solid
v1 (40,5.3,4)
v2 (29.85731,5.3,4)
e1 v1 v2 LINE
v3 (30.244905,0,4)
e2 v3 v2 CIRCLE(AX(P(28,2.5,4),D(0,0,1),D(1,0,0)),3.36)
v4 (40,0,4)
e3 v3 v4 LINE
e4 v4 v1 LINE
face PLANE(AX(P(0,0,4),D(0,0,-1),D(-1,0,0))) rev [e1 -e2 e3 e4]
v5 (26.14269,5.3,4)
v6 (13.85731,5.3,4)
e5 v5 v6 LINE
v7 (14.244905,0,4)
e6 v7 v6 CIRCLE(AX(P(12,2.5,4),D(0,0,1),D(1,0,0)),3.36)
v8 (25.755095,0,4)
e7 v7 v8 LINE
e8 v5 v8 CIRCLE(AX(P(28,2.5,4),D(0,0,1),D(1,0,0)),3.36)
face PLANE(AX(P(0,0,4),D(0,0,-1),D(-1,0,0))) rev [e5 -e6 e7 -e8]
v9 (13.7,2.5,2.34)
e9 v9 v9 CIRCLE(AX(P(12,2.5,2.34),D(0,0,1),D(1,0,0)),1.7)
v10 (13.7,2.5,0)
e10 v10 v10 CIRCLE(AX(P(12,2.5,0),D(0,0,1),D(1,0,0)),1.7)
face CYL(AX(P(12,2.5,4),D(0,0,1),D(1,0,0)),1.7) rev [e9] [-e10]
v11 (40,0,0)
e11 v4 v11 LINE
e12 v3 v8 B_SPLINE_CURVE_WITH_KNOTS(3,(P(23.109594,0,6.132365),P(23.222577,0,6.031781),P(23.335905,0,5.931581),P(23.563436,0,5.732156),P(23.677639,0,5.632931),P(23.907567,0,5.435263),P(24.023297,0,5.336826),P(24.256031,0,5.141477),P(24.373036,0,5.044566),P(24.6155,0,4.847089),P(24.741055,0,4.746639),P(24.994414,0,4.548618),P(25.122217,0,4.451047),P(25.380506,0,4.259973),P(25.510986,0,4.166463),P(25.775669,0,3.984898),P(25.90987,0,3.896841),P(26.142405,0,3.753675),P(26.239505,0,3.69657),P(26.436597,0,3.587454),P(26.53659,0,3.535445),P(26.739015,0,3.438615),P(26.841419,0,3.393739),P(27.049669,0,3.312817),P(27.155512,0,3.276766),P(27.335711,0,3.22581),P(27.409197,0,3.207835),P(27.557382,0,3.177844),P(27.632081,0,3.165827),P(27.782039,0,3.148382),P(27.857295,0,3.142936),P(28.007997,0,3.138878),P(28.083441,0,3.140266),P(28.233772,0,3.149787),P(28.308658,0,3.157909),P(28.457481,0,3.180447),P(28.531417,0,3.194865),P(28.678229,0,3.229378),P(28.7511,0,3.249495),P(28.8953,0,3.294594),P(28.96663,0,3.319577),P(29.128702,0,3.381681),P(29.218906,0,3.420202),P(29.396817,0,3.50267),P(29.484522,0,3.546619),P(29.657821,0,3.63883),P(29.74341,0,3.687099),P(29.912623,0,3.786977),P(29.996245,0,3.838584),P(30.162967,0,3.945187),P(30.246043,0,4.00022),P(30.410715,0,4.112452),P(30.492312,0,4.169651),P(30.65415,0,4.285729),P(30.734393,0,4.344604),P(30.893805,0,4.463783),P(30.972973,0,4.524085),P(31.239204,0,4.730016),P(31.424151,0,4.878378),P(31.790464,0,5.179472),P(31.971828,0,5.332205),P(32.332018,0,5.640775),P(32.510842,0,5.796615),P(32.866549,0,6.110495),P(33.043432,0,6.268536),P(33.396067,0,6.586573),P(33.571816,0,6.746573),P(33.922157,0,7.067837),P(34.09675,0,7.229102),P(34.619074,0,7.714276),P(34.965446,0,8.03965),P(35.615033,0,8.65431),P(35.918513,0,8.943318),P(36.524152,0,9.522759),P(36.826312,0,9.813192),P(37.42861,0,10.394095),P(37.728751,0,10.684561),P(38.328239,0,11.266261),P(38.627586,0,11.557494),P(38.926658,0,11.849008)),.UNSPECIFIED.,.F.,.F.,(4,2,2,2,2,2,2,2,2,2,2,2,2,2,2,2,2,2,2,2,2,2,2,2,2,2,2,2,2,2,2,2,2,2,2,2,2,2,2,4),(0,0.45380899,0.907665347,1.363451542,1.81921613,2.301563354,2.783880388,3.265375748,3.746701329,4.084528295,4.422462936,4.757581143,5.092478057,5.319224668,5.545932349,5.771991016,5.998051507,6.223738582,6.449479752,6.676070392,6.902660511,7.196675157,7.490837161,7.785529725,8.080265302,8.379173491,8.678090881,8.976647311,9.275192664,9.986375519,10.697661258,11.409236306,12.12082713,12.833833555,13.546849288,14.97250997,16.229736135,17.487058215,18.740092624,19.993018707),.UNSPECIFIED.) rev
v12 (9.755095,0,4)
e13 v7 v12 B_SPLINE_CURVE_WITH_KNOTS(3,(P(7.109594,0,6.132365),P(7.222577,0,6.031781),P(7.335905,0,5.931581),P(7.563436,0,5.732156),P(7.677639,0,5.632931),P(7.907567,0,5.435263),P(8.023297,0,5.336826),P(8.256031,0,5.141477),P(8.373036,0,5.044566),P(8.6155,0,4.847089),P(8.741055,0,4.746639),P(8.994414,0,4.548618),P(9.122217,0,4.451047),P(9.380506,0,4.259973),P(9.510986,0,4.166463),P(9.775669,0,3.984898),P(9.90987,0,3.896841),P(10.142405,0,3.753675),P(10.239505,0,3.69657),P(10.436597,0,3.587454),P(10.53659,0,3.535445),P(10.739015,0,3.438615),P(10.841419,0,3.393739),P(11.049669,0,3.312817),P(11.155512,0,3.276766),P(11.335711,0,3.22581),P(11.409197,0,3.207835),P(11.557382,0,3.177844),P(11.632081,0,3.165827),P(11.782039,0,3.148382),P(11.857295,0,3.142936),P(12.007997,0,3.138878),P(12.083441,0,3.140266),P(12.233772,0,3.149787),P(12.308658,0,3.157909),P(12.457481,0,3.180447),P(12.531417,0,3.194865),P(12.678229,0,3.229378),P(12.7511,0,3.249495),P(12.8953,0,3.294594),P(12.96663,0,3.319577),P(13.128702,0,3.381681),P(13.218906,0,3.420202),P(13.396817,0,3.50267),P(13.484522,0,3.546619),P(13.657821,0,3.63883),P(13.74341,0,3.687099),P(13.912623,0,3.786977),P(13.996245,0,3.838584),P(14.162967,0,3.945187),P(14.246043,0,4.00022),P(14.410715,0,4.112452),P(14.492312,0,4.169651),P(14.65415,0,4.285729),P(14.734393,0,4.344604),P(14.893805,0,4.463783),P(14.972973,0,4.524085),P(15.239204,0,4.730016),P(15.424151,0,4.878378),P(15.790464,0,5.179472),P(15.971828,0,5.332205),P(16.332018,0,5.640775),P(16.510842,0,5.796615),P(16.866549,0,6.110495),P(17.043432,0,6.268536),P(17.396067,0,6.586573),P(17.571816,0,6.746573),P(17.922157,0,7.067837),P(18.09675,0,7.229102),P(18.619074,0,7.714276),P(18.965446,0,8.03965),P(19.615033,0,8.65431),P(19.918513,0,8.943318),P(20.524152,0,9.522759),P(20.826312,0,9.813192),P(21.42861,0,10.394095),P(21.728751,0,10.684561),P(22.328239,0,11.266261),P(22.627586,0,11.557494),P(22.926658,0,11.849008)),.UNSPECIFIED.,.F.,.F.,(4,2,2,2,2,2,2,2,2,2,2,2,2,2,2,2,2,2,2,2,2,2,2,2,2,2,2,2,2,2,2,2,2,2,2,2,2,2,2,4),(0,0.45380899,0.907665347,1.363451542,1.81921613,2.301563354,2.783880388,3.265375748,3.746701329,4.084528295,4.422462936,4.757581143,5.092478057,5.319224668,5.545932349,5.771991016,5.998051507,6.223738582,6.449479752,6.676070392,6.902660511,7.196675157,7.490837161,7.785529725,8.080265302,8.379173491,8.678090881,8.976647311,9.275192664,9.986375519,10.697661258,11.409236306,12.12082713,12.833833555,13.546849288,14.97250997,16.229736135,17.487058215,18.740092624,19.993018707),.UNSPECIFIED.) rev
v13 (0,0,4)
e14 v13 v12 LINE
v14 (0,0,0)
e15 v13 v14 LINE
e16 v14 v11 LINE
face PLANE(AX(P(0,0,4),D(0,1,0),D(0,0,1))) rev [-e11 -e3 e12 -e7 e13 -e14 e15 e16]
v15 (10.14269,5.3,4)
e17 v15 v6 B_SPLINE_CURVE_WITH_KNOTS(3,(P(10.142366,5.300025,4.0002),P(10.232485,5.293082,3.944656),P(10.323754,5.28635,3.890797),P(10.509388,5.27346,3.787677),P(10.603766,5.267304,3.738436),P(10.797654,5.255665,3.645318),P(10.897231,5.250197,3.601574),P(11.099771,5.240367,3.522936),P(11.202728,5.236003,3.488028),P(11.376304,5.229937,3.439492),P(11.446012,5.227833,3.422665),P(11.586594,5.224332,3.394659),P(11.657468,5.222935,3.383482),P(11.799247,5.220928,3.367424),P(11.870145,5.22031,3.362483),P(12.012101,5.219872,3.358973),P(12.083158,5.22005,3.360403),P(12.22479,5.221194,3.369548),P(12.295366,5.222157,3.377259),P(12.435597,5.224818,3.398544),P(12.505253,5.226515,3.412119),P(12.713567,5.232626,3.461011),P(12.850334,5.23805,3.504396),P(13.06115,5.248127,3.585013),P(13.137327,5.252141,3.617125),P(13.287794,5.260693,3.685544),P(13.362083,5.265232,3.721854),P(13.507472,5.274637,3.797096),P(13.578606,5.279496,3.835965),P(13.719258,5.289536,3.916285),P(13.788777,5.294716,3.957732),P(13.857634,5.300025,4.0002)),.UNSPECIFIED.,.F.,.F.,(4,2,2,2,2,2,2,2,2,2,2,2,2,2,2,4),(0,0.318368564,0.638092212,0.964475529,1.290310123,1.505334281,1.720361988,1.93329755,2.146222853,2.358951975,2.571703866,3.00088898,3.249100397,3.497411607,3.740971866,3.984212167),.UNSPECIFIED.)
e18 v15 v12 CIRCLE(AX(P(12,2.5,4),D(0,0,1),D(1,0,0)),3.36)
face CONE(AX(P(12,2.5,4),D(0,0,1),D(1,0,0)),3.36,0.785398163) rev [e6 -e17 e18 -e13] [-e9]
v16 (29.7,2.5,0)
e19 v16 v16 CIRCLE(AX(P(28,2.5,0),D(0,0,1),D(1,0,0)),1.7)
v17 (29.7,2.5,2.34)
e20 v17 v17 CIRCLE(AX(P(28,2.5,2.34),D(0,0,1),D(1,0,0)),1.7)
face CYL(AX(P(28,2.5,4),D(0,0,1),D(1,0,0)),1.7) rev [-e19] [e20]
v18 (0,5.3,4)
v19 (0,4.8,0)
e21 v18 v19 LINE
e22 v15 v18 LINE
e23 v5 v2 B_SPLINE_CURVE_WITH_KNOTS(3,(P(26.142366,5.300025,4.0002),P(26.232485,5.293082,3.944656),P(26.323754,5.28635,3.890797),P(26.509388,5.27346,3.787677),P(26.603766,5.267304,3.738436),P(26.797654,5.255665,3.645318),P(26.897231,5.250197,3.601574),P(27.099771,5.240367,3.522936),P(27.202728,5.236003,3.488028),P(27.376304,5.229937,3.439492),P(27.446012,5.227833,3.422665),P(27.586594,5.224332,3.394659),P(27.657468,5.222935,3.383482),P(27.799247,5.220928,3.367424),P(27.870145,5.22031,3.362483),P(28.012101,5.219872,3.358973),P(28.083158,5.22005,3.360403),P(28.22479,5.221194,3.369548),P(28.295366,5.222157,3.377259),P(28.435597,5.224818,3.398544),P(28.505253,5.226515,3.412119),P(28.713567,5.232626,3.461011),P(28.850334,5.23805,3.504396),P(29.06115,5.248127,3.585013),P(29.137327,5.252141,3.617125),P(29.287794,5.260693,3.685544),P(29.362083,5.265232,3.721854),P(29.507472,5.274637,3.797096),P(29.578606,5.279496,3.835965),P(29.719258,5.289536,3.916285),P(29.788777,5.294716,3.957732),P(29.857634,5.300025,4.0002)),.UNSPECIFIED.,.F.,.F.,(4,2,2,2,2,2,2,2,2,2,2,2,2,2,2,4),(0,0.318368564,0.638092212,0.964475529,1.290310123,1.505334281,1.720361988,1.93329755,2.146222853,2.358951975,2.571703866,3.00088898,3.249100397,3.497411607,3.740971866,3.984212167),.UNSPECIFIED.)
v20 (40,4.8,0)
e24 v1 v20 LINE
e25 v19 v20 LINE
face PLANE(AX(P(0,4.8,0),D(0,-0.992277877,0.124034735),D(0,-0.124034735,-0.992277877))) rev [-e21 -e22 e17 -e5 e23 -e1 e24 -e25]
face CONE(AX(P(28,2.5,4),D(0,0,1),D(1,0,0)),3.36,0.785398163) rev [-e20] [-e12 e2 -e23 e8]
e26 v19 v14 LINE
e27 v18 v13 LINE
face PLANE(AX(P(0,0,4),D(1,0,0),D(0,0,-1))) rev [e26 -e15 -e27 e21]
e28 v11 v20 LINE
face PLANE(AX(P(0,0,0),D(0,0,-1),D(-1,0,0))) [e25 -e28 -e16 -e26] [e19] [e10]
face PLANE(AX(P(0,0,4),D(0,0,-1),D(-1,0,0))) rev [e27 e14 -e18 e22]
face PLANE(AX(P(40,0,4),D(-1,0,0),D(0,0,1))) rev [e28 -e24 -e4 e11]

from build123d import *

# Parameters (mm, degrees)
SKETCH_1_W                   = 40
SKETCH_1_H                   = 5.3
EXTRUDE_1_DEPTH              = 4
CUT_EXTRUDE_1_DEPTH          = 41.547379693
SKETCH_3_R                   = 1.5
CUT_EXTRUDE_2_DEPTH          = 41.547379693
HOLE_WIZARD_M3_1_D           = 3.4
HOLE_WIZARD_M3_1_CSINK_D     = 6.72
HOLE_WIZARD_M3_1_CSINK_ANGLE = 90


with BuildPart() as part:
    # 草图1 → 凸台-拉伸1 (new body)
    with BuildSketch(Plane.XY):
        with Locations((20, 2.65)):
            Rectangle(SKETCH_1_W, SKETCH_1_H)
    extrude(amount=EXTRUDE_1_DEPTH)

    # 草图2 → 切除-拉伸1 (cut, through all)
    with BuildSketch(Plane(origin=(40, 0, 0), x_dir=(0, 0, -1), z_dir=(1, 0, 0))):
        Polygon((-4, 5.3), (0, 5.3), (0, 4.8), align=None)
    extrude(amount=-CUT_EXTRUDE_1_DEPTH, mode=Mode.SUBTRACT)

    # 草图3 → 切除-拉伸2 (cut, through all)
    with BuildSketch(Plane.XY.offset(4)):
        with Locations((12, 2.5)):
            Circle(SKETCH_3_R)
        with Locations(Location((28, 2.5, 0), (0, 0, 180))):
            Circle(SKETCH_3_R)
    extrude(amount=-CUT_EXTRUDE_2_DEPTH, mode=Mode.SUBTRACT)

    # M3 六角凹锥坑螺钉的锥形沉头孔1 (through all)
    with Locations(Plane(origin=(12, 2.5, 4), x_dir=(1, 0, 0), z_dir=(0, 0, 1))):
        with Locations((0, 0), (16, 0)):
            CounterSinkHole(HOLE_WIZARD_M3_1_D / 2, HOLE_WIZARD_M3_1_CSINK_D / 2, counter_sink_angle=HOLE_WIZARD_M3_1_CSINK_ANGLE)


solid = part.part
